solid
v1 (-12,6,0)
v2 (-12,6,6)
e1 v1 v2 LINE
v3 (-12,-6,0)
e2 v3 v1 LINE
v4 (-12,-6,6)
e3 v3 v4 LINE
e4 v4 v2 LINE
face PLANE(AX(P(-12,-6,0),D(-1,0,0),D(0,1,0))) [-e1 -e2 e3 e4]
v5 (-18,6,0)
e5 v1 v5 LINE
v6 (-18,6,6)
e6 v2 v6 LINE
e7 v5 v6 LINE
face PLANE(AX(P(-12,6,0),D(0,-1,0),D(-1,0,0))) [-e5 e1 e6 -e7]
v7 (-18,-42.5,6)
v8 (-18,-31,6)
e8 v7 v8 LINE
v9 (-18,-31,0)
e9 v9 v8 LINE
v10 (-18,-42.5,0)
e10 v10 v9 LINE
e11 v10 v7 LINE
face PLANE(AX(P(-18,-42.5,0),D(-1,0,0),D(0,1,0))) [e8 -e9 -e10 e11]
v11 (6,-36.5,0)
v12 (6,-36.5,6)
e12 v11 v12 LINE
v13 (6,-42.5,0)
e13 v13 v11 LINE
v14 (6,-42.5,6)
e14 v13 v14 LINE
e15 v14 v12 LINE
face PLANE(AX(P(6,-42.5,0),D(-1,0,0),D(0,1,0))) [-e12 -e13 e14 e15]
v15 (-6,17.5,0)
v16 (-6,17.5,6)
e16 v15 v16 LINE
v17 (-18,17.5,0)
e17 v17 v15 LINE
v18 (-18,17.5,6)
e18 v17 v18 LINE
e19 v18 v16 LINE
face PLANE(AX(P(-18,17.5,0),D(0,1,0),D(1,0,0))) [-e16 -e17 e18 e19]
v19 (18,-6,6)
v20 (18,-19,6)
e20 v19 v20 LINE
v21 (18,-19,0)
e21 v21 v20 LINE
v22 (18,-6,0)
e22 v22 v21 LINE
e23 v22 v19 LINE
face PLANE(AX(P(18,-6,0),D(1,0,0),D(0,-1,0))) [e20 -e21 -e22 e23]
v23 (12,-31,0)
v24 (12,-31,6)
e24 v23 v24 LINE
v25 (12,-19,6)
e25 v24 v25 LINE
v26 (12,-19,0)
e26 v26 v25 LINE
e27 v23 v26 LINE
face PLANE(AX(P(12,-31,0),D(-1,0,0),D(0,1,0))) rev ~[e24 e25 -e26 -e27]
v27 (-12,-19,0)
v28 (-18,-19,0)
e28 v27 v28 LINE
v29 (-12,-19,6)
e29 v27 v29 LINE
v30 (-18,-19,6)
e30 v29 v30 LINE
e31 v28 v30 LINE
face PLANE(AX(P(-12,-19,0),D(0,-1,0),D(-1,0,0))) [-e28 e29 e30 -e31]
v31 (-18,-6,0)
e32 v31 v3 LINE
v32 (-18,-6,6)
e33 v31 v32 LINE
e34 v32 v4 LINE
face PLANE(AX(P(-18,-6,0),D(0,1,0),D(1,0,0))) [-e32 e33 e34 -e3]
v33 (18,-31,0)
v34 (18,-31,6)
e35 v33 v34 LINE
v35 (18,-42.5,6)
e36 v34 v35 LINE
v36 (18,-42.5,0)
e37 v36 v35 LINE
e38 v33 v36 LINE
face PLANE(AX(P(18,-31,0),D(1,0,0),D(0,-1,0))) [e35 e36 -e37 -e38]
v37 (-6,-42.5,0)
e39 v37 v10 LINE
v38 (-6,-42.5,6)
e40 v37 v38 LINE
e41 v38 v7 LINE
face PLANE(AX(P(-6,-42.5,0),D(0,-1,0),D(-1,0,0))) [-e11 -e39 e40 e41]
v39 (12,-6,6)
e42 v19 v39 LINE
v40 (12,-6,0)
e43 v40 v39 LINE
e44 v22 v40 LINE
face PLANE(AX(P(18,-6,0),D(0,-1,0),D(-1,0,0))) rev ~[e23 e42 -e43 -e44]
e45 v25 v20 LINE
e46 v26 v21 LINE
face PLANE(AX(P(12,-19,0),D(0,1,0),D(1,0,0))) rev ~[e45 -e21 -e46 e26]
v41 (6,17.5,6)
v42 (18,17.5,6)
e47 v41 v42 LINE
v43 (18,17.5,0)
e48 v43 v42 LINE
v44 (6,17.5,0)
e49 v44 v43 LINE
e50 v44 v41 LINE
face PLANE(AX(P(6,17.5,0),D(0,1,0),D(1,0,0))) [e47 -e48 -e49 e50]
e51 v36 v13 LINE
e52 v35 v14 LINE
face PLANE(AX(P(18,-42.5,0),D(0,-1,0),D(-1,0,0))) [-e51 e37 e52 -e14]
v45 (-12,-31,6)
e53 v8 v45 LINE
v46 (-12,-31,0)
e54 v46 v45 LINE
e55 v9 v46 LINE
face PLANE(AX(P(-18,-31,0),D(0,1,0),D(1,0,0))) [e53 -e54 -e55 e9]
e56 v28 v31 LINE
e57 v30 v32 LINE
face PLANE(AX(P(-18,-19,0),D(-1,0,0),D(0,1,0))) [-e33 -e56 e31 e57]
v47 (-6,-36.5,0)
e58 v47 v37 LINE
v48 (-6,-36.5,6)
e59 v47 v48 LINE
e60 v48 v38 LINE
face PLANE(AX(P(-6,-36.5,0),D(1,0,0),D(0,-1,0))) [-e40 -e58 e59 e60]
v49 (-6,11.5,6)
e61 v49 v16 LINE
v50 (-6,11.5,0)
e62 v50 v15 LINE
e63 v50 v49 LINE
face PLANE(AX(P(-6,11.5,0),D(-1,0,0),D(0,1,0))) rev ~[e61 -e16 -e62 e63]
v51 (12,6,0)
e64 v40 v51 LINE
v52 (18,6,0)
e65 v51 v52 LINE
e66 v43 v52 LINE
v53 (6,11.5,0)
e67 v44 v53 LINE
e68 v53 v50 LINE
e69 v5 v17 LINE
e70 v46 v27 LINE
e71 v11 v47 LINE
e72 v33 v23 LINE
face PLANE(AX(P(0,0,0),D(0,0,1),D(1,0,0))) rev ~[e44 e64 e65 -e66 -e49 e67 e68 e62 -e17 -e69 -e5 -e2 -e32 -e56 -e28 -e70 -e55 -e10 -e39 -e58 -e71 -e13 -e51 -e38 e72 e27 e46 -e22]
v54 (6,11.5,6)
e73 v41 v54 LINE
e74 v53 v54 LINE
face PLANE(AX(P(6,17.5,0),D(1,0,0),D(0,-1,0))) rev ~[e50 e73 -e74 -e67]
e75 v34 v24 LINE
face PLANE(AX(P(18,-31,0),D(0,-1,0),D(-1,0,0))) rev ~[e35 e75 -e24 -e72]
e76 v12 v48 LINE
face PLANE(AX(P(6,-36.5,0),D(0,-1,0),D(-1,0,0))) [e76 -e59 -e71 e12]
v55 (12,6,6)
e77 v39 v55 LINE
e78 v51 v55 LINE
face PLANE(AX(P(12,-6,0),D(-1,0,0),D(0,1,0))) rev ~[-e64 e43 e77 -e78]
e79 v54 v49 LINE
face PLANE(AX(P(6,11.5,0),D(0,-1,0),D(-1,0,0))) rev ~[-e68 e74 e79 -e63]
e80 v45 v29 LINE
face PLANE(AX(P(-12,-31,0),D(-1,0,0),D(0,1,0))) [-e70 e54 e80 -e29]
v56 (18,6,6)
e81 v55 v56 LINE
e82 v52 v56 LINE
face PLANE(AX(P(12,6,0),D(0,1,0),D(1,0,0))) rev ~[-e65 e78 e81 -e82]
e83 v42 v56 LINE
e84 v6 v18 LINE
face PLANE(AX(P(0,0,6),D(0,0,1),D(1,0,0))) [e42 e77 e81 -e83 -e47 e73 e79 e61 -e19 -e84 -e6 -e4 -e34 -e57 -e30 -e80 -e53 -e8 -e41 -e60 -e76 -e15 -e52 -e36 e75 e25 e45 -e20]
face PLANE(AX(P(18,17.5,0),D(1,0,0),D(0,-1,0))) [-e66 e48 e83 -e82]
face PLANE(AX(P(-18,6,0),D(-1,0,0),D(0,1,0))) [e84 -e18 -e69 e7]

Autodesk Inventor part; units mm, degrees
ref_plane "YZ Plane" through (0, 0, 0) normal (1, 0, 0) x (0, 1, 0)
ref_plane "XZ Plane" through (0, 0, 0) normal (0, 1, 0) x (-1, 0, 0)
ref_plane "XY Plane" through (0, 0, 0) normal (0, 0, 1) x (1, 0, 0)
sketch "Sketch1" plane through (0, 0, 0) normal (0, 0, 1) x (1, 0, 0)
  circle A0 centre (0, 0) radius 8
  circle A1 centre (0, -25) radius 8
  line L0 (0, 0) -> (0, -25) construction
  line L1 (-18, 17.5) -> (18, 17.5)
  line L2 (18, 17.5) -> (18, -42.5)
  line L3 (18, -42.5) -> (-18, -42.5)
  line L4 (-18, -42.5) -> (-18, 17.5)
  line L5 (-18, 17.5) -> (18, -42.5) construction
  line L6 (18, 17.5) -> (-18, -42.5) construction
  line L7 (-6, 17.5) -> (6, 17.5)
  line L8 (6, 17.5) -> (6, 11.5)
  line L9 (6, 11.5) -> (-6, 11.5)
  line L10 (-6, 11.5) -> (-6, 17.5)
  line L11 (-6, -42.5) -> (6, -42.5)
  line L12 (6, -42.5) -> (6, -36.5)
  line L13 (6, -36.5) -> (-6, -36.5)
  line L14 (-6, -36.5) -> (-6, -42.5)
  line L15 (-18, -31) -> (-12, -31)
  line L16 (-12, -31) -> (-12, -19)
  line L17 (-12, -19) -> (-18, -19)
  line L18 (-18, -19) -> (-18, -31)
  line L19 (-18, -6) -> (-12, -6)
  line L20 (-12, -6) -> (-12, 6)
  line L21 (-12, 6) -> (-18, 6)
  line L22 (-18, 6) -> (-18, -6)
  line L23 (18, -6) -> (12, -6)
  line L24 (12, -6) -> (12, 6)
  line L25 (12, 6) -> (18, 6)
  line L26 (18, 6) -> (18, -6)
  line L27 (18, -31) -> (12, -31)
  line L28 (12, -31) -> (12, -19)
  line L29 (12, -19) -> (18, -19)
  line L30 (18, -19) -> (18, -31)
  point P0 (0, -12.5)
  point P1 (0, 11.5)
  point P2 (0, 17.5)
  point P3 (12, 0)
  point P4 (-12, 0)
  point P5 (-12, -25)
  point P6 (12, -25)
  dimension "d0" = 16
  dimension "d1" = 25
  dimension "d2" = 36
  dimension "d3" = 60
  dimension "d4" = 12
  dimension "d5" = 6
extrude "Plate1" add sketch "Sketch1" along normal blind 6 contours A0 | A1 | L1 L10 L9 L8 L2 L25 L24 L23 L29 L28 L27 L3 L12 L13 L14 L4 L15 L16 L17 L19 L20 L21
equation "\"d7\" = Thickness"
equation "\"BendRadius\" = Thickness"
equation "\"BendReliefWidth\" = Thickness"
equation "\"BendReliefDepth\" = 0.5 * Thickness"
equation "\"CornerReliefSize\" = 4 * Thickness"
equation "\"MinimumRemnant\" = 2 * Thickness"
equation "\"TransitionRadius\" = BendRadius"
equation "\"JacobiRadiusSize\" = BendRadius"
equation "\"GapSize\" = Thickness"
equation "\"Thickness\" = 6"
properties part number "achterkant knoppendoosje" material "Wood (Birch)"
